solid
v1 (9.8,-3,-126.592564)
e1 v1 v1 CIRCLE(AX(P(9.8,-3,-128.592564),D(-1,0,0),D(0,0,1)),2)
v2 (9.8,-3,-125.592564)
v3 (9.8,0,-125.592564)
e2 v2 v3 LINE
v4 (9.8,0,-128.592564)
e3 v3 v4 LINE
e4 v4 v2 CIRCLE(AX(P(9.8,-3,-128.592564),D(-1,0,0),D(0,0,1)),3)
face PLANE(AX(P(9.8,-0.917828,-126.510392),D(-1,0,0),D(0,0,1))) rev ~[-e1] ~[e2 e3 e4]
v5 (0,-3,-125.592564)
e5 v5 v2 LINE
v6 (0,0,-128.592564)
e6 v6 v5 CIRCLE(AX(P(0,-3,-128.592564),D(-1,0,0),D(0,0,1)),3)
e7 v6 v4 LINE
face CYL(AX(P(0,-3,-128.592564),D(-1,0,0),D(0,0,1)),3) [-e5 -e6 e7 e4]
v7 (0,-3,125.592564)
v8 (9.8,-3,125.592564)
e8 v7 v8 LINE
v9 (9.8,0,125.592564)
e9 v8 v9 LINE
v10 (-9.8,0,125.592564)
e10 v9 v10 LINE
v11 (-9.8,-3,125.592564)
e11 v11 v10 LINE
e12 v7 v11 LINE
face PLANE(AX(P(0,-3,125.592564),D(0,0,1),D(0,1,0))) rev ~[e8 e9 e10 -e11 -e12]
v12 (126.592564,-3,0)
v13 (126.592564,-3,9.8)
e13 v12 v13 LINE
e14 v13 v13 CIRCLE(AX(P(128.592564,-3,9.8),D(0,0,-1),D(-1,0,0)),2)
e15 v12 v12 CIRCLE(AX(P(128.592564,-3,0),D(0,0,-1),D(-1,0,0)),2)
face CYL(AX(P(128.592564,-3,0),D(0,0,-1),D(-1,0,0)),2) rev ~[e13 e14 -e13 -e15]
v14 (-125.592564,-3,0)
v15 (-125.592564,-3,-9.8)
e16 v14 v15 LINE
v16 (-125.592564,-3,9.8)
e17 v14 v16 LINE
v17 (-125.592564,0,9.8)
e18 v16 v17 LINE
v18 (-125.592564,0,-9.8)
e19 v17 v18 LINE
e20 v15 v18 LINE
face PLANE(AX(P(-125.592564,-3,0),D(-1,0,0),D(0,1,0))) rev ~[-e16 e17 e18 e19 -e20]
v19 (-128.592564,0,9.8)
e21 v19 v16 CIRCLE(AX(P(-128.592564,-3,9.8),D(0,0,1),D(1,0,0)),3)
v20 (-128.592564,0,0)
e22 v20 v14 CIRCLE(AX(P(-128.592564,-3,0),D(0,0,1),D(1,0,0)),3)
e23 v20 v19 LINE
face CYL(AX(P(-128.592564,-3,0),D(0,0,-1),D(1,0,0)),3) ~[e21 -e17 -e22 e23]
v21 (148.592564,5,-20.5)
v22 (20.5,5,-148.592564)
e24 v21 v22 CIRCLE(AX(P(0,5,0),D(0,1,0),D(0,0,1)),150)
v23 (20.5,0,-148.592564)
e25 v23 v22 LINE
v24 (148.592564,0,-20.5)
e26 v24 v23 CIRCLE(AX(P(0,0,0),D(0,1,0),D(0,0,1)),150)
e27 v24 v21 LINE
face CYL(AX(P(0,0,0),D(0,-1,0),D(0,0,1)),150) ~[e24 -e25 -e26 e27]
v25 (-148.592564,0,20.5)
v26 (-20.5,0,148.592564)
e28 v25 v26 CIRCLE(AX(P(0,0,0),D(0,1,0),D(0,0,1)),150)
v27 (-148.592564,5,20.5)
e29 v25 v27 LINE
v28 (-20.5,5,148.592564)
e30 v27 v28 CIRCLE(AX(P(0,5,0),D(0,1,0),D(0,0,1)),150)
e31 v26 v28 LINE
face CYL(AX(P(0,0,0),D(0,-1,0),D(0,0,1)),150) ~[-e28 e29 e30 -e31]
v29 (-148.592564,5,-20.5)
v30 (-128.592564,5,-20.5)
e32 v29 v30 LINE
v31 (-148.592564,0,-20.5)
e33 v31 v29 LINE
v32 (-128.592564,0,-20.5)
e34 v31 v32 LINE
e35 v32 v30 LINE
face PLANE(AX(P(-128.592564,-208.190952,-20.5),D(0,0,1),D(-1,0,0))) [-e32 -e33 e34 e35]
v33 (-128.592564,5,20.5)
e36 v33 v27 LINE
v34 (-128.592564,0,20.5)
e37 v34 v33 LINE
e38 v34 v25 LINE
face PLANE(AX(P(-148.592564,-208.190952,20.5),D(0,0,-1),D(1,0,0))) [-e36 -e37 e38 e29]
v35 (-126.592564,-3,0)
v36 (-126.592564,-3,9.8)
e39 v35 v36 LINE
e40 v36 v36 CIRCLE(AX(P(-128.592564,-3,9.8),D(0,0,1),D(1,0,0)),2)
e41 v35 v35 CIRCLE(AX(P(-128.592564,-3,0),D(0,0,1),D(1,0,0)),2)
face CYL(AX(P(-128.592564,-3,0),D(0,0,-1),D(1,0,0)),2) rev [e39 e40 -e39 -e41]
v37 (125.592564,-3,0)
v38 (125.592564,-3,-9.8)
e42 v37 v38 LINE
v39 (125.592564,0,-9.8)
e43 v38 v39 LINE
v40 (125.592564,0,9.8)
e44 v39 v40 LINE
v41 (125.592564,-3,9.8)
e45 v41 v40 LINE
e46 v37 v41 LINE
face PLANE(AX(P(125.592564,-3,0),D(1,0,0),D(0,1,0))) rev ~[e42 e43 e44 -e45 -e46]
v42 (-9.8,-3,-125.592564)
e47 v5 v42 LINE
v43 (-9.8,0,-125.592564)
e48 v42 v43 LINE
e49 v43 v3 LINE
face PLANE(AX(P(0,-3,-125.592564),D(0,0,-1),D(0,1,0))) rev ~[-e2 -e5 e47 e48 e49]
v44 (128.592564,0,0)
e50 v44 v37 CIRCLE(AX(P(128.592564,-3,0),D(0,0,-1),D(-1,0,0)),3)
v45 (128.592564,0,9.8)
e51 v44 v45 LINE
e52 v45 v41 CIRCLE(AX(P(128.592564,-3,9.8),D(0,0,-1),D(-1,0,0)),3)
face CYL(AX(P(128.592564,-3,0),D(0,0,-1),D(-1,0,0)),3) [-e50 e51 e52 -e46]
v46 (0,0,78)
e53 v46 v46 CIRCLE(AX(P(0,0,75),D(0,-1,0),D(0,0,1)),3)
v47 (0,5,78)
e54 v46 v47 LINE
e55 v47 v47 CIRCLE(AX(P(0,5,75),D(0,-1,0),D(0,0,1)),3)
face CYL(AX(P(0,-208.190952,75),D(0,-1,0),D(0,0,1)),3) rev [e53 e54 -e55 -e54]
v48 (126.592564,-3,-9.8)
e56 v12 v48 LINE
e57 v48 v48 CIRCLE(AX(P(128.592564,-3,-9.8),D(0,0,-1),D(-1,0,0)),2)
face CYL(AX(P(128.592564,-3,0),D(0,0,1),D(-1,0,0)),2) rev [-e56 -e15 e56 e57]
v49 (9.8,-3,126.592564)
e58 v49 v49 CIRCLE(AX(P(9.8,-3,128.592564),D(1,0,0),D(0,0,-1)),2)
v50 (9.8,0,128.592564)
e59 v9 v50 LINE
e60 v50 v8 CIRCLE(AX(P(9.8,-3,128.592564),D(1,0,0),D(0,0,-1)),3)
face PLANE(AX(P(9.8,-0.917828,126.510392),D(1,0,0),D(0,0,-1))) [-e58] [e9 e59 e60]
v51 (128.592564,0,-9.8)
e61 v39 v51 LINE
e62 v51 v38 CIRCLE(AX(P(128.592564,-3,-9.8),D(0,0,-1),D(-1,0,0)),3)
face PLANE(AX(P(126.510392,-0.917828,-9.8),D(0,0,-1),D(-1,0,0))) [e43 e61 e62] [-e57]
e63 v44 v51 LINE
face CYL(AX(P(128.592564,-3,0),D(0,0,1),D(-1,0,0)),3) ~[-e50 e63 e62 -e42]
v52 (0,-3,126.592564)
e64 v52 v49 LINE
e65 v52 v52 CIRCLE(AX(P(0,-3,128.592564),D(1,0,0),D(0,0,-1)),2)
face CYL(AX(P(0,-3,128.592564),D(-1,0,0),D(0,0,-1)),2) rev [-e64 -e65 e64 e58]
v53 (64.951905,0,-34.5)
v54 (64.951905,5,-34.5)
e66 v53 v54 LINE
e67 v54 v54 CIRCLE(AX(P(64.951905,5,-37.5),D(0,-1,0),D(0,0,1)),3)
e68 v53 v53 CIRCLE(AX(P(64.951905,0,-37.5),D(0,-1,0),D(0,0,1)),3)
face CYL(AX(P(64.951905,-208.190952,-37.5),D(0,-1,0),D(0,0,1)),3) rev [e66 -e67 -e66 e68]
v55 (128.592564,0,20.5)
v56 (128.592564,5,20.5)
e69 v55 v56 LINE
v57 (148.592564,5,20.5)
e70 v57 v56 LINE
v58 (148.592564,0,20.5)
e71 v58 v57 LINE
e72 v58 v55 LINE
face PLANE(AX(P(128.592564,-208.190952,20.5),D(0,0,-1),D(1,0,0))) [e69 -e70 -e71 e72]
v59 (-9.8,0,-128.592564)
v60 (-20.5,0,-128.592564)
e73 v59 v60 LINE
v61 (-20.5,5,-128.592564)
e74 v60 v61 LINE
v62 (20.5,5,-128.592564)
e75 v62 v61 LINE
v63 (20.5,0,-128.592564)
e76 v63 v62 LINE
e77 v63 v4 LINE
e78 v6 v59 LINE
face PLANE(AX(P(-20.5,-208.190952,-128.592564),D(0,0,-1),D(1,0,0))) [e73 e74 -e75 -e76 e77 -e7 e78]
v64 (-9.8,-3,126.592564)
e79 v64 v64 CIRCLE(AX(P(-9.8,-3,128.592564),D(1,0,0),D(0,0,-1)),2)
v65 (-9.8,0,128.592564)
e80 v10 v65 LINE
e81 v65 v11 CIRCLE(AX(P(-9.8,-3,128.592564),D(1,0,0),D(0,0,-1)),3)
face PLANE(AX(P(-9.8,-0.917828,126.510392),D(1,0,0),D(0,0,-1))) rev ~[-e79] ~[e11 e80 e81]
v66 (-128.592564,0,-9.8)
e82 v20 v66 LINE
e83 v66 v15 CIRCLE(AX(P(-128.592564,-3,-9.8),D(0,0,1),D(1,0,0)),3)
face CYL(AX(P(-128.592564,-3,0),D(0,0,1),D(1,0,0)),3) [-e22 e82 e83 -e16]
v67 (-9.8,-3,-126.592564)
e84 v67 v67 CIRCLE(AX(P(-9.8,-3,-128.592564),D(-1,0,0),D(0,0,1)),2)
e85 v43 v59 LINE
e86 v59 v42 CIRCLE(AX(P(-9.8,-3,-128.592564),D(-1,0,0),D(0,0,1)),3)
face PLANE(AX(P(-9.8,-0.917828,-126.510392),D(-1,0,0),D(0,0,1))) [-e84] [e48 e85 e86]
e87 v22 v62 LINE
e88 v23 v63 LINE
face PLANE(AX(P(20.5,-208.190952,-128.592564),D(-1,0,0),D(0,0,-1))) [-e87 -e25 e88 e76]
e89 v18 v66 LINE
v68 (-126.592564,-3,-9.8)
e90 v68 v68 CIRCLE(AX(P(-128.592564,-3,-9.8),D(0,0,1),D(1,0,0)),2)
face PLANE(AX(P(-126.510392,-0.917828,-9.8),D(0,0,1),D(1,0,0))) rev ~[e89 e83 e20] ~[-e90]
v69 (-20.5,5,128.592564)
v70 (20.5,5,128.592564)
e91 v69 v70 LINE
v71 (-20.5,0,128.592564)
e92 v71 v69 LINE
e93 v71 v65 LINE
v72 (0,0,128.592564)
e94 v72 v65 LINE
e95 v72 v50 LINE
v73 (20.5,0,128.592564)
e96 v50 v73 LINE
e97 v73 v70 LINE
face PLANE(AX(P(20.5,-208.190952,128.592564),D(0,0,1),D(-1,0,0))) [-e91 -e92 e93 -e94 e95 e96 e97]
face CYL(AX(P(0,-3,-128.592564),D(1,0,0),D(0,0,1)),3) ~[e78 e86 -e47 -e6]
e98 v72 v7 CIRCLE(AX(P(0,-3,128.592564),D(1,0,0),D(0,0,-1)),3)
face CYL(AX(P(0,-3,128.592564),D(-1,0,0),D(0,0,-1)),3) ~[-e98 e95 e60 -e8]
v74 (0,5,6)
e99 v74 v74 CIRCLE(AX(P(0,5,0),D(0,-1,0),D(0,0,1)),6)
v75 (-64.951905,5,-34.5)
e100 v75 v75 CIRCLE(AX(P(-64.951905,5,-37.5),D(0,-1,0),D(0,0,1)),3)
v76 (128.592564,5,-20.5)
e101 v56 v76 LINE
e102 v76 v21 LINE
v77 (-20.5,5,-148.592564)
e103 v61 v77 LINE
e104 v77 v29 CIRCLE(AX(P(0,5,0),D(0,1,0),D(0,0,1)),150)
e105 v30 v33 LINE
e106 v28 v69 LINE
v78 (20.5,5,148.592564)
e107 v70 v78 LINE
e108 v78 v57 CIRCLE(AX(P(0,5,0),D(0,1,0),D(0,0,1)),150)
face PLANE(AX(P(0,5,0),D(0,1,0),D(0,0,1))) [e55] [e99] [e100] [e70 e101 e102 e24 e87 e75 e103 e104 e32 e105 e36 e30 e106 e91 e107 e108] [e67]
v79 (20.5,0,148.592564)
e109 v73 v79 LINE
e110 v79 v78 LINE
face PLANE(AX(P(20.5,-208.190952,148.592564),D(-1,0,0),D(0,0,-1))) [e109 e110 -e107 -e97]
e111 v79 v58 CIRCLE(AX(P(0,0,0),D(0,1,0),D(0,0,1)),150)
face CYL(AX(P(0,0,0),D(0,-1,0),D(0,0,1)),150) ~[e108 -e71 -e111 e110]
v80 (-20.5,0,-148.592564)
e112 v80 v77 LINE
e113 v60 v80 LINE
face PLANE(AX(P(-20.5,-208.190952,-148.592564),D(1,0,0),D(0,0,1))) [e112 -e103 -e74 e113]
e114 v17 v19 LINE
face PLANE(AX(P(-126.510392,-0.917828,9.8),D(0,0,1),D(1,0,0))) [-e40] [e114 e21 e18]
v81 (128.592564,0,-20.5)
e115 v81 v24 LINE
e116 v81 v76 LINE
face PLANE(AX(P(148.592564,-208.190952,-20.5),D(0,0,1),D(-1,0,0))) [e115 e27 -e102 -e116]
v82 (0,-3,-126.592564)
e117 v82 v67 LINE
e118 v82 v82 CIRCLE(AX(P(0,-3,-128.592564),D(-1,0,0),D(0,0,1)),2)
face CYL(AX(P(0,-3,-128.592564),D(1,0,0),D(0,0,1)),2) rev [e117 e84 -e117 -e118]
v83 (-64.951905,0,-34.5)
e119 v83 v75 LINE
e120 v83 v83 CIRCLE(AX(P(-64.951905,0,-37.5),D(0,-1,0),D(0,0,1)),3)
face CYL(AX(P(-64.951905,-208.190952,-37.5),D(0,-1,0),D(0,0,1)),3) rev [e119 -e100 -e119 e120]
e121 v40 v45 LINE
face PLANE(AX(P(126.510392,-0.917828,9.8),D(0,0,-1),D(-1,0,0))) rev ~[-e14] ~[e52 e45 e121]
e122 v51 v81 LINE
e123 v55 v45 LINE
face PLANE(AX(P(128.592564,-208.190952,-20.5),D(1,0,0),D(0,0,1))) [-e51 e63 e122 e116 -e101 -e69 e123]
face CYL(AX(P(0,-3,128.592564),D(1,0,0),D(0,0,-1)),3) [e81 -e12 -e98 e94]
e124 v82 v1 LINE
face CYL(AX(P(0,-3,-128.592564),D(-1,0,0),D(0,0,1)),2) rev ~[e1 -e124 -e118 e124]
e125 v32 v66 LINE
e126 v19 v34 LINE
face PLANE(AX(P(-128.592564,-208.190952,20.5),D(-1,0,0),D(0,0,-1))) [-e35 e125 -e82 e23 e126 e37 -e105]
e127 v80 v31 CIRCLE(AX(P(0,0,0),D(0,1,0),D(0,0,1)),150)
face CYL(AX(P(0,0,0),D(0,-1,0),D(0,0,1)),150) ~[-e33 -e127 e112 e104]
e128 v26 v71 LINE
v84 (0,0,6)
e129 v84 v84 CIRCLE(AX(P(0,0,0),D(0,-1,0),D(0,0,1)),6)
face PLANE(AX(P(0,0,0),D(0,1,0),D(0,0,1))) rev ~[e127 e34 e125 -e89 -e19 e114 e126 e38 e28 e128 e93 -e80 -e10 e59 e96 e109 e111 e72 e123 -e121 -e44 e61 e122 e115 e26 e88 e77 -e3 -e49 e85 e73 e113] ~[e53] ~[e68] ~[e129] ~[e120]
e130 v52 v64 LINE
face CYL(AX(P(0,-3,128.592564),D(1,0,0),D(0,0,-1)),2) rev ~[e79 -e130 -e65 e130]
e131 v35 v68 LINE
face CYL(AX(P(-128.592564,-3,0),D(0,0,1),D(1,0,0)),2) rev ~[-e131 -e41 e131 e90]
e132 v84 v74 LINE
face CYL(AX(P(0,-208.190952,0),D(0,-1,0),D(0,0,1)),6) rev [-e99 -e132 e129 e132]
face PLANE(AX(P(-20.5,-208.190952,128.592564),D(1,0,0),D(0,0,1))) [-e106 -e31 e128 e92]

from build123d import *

# Parameters (mm, degrees)
SKETCH1_R               = 150
BOSS_EXTRUDE1_DEPTH     = 5
CUT_EXTRUDE1_DEPTH      = 213.190951739
CUT_EXTRUDE1_DEPTH_BACK = 213.190951739
SKETCH2_R               = 6
CUT_EXTRUDE2_DEPTH      = 213.190951739
CUT_EXTRUDE2_DEPTH_BACK = 213.190951739
SKETCH3_R               = 3
CUT_EXTRUDE3_DEPTH      = 213.190951739
CUT_EXTRUDE3_DEPTH_BACK = 213.190951739
SKETCH5_R               = 3
SKETCH5_R_2             = 2
BOSS_EXTRUDE2_DEPTH     = 9.8
CIRPATTERN1_COUNT       = 4


with BuildPart() as part:
    # Sketch1 → Boss-Extrude1 (new body)
    with BuildSketch(Plane(origin=(0, 0, 0), x_dir=(1, 0, 0), z_dir=(0, 1, 0))):
        with Locations(Location((0, 0, 0), (0, 0, 270))):
            Circle(SKETCH1_R)
    extrude(amount=BOSS_EXTRUDE1_DEPTH)

    # Sketch2 → Cut-Extrude1 (cut, two sides: drawn at the far end of the back side and taken through both)
    with BuildSketch(Plane(origin=(0, 5, 0), x_dir=(1, 0, 0), z_dir=(0, 1, 0)).offset(-CUT_EXTRUDE1_DEPTH_BACK)):
        with Locations(Location((0, 0, 0), (0, 0, 270))):
            Circle(SKETCH2_R)
    extrude(amount=CUT_EXTRUDE1_DEPTH + CUT_EXTRUDE1_DEPTH_BACK, mode=Mode.SUBTRACT)

    # Sketch3 → Cut-Extrude2 (cut, two sides: drawn at the far end of the back side and taken through both)
    with BuildSketch(Plane(origin=(0, 5, 0), x_dir=(1, 0, 0), z_dir=(0, 1, 0)).offset(-CUT_EXTRUDE2_DEPTH_BACK)):
        with Locations(Location((-64.951905284, 37.5, 0), (0, 0, 270))):
            Circle(SKETCH3_R)
        with Locations(Location((64.951905284, 37.5, 0), (0, 0, 270))):
            Circle(SKETCH3_R)
        with Locations(Location((0, -75, 0), (0, 0, 270))):
            Circle(SKETCH3_R)
    extrude(amount=CUT_EXTRUDE2_DEPTH + CUT_EXTRUDE2_DEPTH_BACK, mode=Mode.SUBTRACT)

    # Sketch4 → Cut-Extrude3 (cut, two sides: drawn at the far end of the back side and taken through both)
    with BuildSketch(Plane(origin=(0, 5, 0), x_dir=(1, 0, 0), z_dir=(0, 1, 0)).offset(-CUT_EXTRUDE3_DEPTH_BACK)):
        with BuildLine():
            ThreePointArc((20.5, 148.592563744), (0, 150), (-20.5, 148.592563744))
            Line((-20.5, 148.592563744), (-20.5, 128.592563744))
            Line((-20.5, 128.592563744), (20.5, 128.592563744))
            Line((20.5, 128.592563744), (20.5, 148.592563744))
        make_face()
        with BuildLine():
            ThreePointArc((-148.592563744, 20.5), (-150, 0), (-148.592563744, -20.5))
            Line((-148.592563744, -20.5), (-128.592563744, -20.5))
            Line((-128.592563744, -20.5), (-128.592563744, 20.5))
            Line((-128.592563744, 20.5), (-148.592563744, 20.5))
        make_face()
        with BuildLine():
            Line((128.592563744, -20.5), (148.592563744, -20.5))
            ThreePointArc((148.592563744, -20.5), (149.647727282, -10.274128635), (150, 0))
            ThreePointArc((150, 0), (149.647727282, 10.274128635), (148.592563744, 20.5))
            Line((148.592563744, 20.5), (128.592563744, 20.5))
            Line((128.592563744, 20.5), (128.592563744, -20.5))
        make_face()
        with BuildLine():
            Line((-20.5, -128.592563744), (-20.5, -148.592563744))
            ThreePointArc((-20.5, -148.592563744), (0, -150), (20.5, -148.592563744))
            Line((20.5, -148.592563744), (20.5, -128.592563744))
            Line((20.5, -128.592563744), (-20.5, -128.592563744))
        make_face()
    extrude(amount=CUT_EXTRUDE3_DEPTH + CUT_EXTRUDE3_DEPTH_BACK, mode=Mode.SUBTRACT)

    # Sketch5 → Boss-Extrude2 (add, symmetric)
    # profile 1 of 2: a face of its own
    with BuildSketch(Plane.XY):
        with BuildLine():
            Line((-125.592563744, 0), (-128.592563744, 0))
            ThreePointArc((-128.592563744, 0), (-126.4712434, -0.878679656), (-125.592563744, -3))
            Line((-125.592563744, -3), (-125.592563744, 0))
        make_face()
    # profile 2 of 2: a face of its own
    with BuildSketch(Plane.XY):
        with Locations((-128.592563744, -3)):
            Circle(SKETCH5_R)
        with Locations((-128.592563744, -3)):
            Circle(SKETCH5_R_2, mode=Mode.SUBTRACT)
    boss_extrude2 = extrude(amount=BOSS_EXTRUDE2_DEPTH, both=True)

    # CirPattern1: Boss-Extrude2 ×4 about axis
    cirpattern1_axis = Axis((0, 0, 0), (0, 1, 0))
    for i in range(1, CIRPATTERN1_COUNT):
        add(boss_extrude2.rotate(cirpattern1_axis, i * 360 / CIRPATTERN1_COUNT))


solid = part.part
